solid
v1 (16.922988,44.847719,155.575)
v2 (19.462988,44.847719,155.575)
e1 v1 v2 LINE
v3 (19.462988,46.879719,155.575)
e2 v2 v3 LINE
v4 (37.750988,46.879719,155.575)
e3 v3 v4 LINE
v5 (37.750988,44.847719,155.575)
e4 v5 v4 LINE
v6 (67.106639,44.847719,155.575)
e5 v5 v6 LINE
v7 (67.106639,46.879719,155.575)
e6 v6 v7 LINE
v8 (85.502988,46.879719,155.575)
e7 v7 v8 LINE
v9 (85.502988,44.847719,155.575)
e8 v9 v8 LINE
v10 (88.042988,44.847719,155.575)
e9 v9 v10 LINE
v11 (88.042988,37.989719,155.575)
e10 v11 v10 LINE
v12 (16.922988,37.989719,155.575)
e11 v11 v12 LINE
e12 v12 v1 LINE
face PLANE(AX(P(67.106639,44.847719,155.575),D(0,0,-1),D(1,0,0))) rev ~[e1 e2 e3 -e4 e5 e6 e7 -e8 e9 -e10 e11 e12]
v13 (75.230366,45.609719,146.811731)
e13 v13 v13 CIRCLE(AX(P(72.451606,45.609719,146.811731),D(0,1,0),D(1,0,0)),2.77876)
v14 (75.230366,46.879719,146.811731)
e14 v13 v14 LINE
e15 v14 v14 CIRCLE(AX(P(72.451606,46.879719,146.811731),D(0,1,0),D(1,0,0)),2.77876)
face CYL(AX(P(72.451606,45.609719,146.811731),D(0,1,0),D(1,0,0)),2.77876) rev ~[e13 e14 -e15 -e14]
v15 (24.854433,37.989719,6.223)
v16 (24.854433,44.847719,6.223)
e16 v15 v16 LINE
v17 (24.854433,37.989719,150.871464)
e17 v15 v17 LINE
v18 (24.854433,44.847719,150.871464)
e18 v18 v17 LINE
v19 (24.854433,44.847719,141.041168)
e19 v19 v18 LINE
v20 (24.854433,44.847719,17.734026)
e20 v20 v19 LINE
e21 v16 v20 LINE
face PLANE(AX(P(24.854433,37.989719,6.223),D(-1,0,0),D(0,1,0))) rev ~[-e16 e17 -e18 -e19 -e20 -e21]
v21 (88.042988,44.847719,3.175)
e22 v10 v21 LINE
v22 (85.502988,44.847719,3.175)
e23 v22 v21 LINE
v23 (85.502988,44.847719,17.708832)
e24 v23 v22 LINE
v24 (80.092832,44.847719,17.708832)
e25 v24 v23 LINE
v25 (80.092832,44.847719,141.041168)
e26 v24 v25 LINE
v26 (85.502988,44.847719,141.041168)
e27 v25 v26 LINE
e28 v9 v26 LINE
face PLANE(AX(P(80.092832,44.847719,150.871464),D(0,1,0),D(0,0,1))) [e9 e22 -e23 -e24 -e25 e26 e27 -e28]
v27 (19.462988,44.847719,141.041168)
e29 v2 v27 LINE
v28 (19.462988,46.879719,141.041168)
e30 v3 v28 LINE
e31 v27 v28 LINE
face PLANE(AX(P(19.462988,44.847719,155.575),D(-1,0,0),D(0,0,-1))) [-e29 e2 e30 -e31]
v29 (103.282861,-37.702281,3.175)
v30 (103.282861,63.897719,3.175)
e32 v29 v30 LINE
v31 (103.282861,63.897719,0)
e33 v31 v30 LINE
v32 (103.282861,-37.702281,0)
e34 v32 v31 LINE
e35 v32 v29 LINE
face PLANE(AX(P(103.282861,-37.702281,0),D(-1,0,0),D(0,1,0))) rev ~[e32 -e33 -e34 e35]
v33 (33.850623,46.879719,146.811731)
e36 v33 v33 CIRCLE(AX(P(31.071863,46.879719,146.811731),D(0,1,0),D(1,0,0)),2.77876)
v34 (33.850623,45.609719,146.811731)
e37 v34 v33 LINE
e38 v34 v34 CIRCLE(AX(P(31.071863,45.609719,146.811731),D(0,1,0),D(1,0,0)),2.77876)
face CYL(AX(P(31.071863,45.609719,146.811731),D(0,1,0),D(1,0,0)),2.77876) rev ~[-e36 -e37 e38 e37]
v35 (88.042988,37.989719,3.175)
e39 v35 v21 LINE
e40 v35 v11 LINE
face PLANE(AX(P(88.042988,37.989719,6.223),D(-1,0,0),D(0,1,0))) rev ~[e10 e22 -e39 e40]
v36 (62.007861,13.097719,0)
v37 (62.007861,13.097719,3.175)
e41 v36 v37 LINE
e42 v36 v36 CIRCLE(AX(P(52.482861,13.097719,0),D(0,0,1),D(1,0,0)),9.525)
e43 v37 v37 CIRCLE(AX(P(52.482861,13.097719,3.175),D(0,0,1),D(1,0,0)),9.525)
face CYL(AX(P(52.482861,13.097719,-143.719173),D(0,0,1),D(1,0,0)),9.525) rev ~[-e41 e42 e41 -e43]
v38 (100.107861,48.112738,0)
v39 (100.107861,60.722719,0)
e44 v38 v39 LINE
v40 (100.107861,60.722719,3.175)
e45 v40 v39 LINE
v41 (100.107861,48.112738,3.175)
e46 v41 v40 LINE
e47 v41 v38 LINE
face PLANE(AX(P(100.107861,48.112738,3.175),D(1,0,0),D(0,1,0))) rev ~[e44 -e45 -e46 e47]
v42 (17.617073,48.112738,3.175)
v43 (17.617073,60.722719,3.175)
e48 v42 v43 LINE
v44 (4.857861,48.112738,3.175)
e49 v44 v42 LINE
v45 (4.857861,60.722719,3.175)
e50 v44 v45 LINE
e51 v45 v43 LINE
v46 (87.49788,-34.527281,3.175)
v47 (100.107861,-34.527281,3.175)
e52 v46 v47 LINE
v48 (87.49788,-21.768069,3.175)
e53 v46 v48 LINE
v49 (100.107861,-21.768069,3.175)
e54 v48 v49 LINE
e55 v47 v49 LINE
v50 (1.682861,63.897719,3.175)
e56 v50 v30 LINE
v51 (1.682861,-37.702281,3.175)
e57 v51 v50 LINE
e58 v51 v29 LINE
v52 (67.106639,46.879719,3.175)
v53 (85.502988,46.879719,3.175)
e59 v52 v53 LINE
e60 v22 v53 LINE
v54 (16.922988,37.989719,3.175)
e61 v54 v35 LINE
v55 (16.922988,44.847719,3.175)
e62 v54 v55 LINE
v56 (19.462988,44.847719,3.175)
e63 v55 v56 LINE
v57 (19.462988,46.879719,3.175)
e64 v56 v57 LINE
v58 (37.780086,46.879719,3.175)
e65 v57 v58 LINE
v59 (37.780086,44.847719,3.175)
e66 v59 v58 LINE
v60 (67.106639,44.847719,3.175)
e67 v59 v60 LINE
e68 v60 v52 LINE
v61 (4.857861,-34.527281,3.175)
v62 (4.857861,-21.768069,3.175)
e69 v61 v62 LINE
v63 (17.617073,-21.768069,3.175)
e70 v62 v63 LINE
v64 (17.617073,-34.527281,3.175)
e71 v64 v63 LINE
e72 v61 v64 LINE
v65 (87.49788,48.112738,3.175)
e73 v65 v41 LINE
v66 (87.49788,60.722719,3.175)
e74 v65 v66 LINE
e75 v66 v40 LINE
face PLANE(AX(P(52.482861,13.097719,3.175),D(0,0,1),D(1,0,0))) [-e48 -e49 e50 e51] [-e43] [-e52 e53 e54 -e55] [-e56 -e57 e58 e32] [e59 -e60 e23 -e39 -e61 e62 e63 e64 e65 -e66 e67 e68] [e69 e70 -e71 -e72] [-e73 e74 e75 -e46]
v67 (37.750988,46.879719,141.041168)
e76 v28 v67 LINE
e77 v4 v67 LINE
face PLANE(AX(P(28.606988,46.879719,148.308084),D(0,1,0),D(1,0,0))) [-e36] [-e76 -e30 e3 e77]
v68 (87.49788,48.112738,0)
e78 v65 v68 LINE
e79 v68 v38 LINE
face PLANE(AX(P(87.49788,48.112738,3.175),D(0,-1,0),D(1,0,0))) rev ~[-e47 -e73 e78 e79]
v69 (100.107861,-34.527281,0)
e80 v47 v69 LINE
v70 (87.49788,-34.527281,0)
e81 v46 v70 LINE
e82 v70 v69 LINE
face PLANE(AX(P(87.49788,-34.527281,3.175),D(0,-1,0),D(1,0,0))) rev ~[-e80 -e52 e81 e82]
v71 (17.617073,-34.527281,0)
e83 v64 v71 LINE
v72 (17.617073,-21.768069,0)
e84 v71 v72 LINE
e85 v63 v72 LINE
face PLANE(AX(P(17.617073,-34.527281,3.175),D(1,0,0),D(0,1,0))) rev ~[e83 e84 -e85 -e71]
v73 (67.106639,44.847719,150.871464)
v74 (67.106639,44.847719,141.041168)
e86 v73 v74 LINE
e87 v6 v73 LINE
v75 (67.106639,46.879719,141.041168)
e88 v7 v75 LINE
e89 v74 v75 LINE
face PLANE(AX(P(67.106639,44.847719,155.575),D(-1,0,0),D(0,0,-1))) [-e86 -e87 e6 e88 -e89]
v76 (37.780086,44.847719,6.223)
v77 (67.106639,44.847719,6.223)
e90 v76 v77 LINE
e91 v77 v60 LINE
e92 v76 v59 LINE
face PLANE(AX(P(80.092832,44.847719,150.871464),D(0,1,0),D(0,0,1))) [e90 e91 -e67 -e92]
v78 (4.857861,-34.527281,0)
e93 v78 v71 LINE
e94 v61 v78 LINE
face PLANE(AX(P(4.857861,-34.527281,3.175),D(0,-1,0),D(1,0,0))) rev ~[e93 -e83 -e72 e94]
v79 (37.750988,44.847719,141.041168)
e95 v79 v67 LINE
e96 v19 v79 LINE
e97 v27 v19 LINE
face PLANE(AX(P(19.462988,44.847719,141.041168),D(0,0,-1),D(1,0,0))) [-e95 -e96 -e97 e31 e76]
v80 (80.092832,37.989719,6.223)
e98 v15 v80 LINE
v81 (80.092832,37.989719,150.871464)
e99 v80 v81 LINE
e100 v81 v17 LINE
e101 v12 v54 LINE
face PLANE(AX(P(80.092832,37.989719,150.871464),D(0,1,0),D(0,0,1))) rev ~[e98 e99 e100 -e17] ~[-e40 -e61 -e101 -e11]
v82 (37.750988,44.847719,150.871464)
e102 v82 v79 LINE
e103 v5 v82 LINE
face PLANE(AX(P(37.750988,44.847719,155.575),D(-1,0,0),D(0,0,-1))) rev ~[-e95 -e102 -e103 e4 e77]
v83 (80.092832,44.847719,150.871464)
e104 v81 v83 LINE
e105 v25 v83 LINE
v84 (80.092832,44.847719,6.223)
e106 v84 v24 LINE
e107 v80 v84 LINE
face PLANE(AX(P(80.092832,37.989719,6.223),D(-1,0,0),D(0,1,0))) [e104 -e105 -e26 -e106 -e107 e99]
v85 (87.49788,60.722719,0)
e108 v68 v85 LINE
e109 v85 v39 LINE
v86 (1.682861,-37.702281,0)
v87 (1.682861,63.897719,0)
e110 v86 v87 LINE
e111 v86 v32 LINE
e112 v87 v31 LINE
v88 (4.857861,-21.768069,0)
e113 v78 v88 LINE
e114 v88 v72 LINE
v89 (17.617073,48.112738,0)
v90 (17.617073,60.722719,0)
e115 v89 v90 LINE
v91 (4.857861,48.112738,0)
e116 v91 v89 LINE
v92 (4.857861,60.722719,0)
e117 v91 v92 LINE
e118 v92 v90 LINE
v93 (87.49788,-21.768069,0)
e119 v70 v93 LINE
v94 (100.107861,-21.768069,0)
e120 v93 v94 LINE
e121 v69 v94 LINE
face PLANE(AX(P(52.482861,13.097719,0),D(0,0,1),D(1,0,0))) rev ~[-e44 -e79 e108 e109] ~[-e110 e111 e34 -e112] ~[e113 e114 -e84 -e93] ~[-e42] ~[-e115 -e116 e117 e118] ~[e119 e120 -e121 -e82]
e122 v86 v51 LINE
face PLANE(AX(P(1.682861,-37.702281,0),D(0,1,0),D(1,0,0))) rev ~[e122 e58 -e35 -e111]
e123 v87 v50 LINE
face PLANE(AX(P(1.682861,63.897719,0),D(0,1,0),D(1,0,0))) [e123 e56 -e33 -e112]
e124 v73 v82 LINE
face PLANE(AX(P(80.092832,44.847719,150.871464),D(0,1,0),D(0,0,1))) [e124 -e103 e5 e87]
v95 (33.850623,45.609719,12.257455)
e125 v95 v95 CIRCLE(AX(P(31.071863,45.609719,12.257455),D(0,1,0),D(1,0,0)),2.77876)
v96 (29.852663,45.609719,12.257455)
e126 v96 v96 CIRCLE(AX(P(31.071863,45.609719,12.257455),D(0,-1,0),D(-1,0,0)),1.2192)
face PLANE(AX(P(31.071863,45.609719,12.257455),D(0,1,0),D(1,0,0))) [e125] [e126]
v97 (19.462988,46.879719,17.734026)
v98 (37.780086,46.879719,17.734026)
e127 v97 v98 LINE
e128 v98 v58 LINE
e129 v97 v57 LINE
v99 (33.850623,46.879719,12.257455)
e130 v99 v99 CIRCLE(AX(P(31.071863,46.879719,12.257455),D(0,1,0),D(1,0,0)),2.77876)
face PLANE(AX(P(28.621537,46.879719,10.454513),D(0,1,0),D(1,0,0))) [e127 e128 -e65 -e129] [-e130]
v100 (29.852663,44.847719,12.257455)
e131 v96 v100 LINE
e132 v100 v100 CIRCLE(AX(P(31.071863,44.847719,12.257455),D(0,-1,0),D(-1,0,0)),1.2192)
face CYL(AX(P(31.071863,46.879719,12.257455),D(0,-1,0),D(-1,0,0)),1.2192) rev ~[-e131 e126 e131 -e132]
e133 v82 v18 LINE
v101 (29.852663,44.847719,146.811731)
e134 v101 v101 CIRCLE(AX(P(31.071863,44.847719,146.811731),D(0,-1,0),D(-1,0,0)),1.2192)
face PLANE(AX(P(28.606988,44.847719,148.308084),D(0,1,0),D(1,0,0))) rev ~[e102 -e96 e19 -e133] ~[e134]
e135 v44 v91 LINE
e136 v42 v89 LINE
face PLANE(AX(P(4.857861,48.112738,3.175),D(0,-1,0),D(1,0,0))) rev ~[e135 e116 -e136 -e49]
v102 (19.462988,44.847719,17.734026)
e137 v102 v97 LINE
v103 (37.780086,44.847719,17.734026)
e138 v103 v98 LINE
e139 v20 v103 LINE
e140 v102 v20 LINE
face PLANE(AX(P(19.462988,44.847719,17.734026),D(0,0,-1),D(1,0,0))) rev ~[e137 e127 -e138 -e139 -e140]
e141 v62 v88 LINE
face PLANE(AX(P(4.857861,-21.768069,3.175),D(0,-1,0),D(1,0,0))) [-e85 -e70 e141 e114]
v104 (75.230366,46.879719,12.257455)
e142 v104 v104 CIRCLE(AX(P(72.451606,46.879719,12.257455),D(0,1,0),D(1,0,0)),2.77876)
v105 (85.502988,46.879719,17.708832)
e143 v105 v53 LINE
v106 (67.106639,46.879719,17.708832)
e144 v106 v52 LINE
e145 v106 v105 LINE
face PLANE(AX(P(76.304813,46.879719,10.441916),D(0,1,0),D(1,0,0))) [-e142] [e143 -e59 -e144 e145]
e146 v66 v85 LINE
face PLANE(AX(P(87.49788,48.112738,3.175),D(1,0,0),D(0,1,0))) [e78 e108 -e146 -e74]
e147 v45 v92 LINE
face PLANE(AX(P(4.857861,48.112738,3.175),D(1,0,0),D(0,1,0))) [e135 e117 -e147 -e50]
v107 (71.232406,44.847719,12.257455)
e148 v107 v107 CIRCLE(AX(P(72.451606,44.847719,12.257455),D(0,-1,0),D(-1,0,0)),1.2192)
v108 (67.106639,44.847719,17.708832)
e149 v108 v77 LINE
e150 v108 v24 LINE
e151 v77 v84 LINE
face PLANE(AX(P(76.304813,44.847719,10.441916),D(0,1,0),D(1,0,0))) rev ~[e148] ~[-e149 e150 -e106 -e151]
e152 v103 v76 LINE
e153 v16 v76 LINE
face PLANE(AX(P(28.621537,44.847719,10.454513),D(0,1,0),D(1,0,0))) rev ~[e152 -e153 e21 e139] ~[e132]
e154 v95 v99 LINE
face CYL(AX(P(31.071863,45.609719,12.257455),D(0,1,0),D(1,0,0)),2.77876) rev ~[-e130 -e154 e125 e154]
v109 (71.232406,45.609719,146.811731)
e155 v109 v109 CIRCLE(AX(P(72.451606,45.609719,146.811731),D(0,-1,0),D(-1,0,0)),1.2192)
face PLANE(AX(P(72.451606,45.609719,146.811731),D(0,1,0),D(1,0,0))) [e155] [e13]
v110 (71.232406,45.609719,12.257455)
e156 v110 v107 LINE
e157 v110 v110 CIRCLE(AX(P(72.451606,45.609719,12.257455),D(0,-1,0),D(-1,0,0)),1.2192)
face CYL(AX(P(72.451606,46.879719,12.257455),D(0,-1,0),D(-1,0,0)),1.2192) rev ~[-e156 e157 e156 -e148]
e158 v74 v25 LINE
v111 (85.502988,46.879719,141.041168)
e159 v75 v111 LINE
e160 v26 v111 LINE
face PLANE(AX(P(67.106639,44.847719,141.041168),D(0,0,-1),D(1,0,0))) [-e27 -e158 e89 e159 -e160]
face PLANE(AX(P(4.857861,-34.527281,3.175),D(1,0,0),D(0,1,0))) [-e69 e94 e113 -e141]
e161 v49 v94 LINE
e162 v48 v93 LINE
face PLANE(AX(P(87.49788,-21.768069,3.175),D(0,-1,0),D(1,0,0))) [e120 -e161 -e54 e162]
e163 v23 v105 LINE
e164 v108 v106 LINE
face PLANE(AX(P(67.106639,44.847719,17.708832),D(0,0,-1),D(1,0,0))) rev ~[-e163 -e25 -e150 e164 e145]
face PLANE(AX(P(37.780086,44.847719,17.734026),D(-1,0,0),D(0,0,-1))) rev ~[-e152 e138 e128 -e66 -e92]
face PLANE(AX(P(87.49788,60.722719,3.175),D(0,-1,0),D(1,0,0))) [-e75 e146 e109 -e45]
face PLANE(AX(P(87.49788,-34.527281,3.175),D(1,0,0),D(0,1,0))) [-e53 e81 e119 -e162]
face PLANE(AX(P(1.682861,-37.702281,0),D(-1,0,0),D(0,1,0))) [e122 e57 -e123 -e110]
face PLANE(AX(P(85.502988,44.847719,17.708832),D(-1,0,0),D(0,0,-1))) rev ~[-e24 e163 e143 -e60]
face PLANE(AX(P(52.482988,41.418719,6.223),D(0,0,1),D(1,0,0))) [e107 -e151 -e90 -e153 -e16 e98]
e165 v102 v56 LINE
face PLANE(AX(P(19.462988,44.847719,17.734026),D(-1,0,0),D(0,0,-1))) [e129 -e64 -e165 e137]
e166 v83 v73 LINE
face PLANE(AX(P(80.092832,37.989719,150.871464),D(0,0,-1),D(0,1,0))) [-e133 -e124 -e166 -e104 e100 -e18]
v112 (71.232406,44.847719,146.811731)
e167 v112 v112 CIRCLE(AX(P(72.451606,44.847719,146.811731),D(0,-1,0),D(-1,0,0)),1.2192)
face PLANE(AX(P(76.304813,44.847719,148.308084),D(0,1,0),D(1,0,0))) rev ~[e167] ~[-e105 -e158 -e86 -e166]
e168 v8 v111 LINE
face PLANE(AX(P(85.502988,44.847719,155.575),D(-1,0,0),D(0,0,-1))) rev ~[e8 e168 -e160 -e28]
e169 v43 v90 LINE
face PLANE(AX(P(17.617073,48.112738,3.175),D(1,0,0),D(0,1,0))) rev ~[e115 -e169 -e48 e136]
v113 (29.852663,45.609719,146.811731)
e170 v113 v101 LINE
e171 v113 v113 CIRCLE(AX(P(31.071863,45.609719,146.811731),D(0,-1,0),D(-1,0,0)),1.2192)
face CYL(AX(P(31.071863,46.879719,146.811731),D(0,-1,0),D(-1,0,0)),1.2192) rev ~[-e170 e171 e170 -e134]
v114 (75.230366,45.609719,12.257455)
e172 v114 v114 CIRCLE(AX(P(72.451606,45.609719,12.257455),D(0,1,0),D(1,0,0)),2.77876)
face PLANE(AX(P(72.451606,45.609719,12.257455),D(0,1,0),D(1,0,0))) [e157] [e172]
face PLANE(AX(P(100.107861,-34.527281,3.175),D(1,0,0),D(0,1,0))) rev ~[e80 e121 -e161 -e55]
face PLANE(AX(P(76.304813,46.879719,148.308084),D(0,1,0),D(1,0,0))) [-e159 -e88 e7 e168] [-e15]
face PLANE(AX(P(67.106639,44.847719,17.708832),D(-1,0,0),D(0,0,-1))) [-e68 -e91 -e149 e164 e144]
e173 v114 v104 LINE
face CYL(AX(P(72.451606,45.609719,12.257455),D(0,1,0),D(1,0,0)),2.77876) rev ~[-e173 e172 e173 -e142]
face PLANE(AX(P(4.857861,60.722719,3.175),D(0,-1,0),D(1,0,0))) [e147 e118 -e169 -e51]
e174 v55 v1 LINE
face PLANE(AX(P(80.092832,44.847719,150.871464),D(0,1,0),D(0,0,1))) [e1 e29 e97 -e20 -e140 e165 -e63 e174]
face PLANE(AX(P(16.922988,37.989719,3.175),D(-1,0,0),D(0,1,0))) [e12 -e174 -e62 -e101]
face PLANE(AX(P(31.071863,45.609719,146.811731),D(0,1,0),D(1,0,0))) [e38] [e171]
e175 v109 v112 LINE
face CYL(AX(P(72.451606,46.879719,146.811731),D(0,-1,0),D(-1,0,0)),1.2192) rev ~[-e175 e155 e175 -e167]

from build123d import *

# Parameters (mm, degrees)
SKETCH1_W                                           = 101.6
SKETCH1_H                                           = 101.6
BOSS_EXTRUDE1_DEPTH                                 = 3.175
SKETCH19_W                                          = 12.75921203
SKETCH19_H                                          = 12.60998148
SKETCH19_W_2                                        = 12.60998148
SKETCH19_H_2                                        = 12.75921203
CUT_EXTRUDE1_DEPTH                                  = 3.175
F_3_4_0_75_DIAMETER_HOLE1_D                         = 19.05
SKETCH29_W                                          = 71.12
SKETCH29_H                                          = 6.858
BOSS_EXTRUDE11_DEPTH                                = 3.048
SKETCH30_W                                          = 7.950155684
SKETCH30_H                                          = 6.858
SKETCH30_W_2                                        = 7.931445158
BOSS_EXTRUDE12_DEPTH                                = 149.352
SKETCH31_W                                          = 4.703535678
SKETCH31_H                                          = 6.858
BOSS_EXTRUDE13_DEPTH                                = 55.88
SKETCH32_W                                          = 18.396349522
SKETCH32_H                                          = 14.53383174
SKETCH32_W_2                                        = 18.288
SKETCH32_H_2                                        = 14.533831847
SKETCH32_W_3                                        = 18.317097516
SKETCH32_H_3                                        = 14.559025954
BOSS_EXTRUDE14_DEPTH                                = 2.032
CBORE_FOR_2_BINDING_HEAD_MACHINE_SCREW1_D           = 2.4384
CBORE_FOR_2_BINDING_HEAD_MACHINE_SCREW1_CBORE_D     = 5.55752
CBORE_FOR_2_BINDING_HEAD_MACHINE_SCREW1_CBORE_DEPTH = 1.27


with BuildPart() as part:
    # Sketch1 → Boss-Extrude1 (new body)
    with BuildSketch(Plane.XY):
        with Locations((52.482861157, 13.097719286)):
            Rectangle(SKETCH1_W, SKETCH1_H)
    extrude(amount=BOSS_EXTRUDE1_DEPTH)

    # Sketch19 → Cut-Extrude1 (cut)
    with BuildSketch(Plane.XY.offset(3.175)):
        with Locations((11.237467172, 54.417728546)):
            Rectangle(SKETCH19_W, SKETCH19_H)
        with Locations((93.802870417, -28.147674699)):
            Rectangle(SKETCH19_W_2, SKETCH19_H_2)
        with Locations((93.802870417, 54.417728546)):
            Rectangle(SKETCH19_W_2, SKETCH19_H)
        with Locations((11.237467172, -28.147674699)):
            Rectangle(SKETCH19_W, SKETCH19_H_2)
    extrude(amount=-CUT_EXTRUDE1_DEPTH, mode=Mode.SUBTRACT)

    # 3/4 (0.75) Diameter Hole1 (through all)
    with Locations(Plane(origin=(0, 0, 0), x_dir=(-1, 0, 0), z_dir=(0, 0, -1))):
        with Locations((-52.482861157, 13.097719286)):
            Hole(F_3_4_0_75_DIAMETER_HOLE1_D / 2)

    # Sketch29 → Boss-Extrude11 (add)
    with BuildSketch(Plane.XY.offset(3.175)):
        with Locations((52.482988157, 41.418719286)):
            Rectangle(SKETCH29_W, SKETCH29_H)
    extrude(amount=BOSS_EXTRUDE11_DEPTH)

    # Sketch30 → Boss-Extrude12 (add)
    with BuildSketch(Plane.XY.offset(6.223)):
        with Locations((84.067910315, 41.418719286)):
            Rectangle(SKETCH30_W, SKETCH30_H)
        with Locations((20.888710736, 41.418719286)):
            Rectangle(SKETCH30_W_2, SKETCH30_H)
    extrude(amount=BOSS_EXTRUDE12_DEPTH)

    # Sketch31 → Boss-Extrude13 (add)
    with BuildSketch(Plane.ZY.offset(-80.092832473)):
        with Locations((153.223232161, 41.418719286)):
            Rectangle(SKETCH31_W, SKETCH31_H)
    extrude(amount=BOSS_EXTRUDE13_DEPTH)

    # Sketch32 → Boss-Extrude14 (add)
    with BuildSketch(Plane(origin=(0, 44.847719286, 0), x_dir=(1, 0, 0), z_dir=(0, 1, 0))):
        with Locations((76.304813396, -148.30808413)):
            Rectangle(SKETCH32_W, SKETCH32_H)
        with Locations((28.606988157, -148.30808413)):
            Rectangle(SKETCH32_W_2, SKETCH32_H)
        with Locations((76.304813396, -10.441915924)):
            Rectangle(SKETCH32_W, SKETCH32_H_2)
        with Locations((28.621536915, -10.454512977)):
            Rectangle(SKETCH32_W_3, SKETCH32_H_3)
    extrude(amount=BOSS_EXTRUDE14_DEPTH)

    # CBORE for #2 Binding Head Machine Screw1 (through all)
    with Locations(Plane(origin=(0, 46.879719286, 0), x_dir=(1, 0, 0), z_dir=(0, 1, 0))):
        with Locations((31.071863114, -12.257454761), (72.45160574, -12.257454761), (72.45160574, -146.811730834), (31.071863114, -146.811730834)):
            CounterBoreHole(CBORE_FOR_2_BINDING_HEAD_MACHINE_SCREW1_D / 2, CBORE_FOR_2_BINDING_HEAD_MACHINE_SCREW1_CBORE_D / 2, CBORE_FOR_2_BINDING_HEAD_MACHINE_SCREW1_CBORE_DEPTH)


solid = part.part
